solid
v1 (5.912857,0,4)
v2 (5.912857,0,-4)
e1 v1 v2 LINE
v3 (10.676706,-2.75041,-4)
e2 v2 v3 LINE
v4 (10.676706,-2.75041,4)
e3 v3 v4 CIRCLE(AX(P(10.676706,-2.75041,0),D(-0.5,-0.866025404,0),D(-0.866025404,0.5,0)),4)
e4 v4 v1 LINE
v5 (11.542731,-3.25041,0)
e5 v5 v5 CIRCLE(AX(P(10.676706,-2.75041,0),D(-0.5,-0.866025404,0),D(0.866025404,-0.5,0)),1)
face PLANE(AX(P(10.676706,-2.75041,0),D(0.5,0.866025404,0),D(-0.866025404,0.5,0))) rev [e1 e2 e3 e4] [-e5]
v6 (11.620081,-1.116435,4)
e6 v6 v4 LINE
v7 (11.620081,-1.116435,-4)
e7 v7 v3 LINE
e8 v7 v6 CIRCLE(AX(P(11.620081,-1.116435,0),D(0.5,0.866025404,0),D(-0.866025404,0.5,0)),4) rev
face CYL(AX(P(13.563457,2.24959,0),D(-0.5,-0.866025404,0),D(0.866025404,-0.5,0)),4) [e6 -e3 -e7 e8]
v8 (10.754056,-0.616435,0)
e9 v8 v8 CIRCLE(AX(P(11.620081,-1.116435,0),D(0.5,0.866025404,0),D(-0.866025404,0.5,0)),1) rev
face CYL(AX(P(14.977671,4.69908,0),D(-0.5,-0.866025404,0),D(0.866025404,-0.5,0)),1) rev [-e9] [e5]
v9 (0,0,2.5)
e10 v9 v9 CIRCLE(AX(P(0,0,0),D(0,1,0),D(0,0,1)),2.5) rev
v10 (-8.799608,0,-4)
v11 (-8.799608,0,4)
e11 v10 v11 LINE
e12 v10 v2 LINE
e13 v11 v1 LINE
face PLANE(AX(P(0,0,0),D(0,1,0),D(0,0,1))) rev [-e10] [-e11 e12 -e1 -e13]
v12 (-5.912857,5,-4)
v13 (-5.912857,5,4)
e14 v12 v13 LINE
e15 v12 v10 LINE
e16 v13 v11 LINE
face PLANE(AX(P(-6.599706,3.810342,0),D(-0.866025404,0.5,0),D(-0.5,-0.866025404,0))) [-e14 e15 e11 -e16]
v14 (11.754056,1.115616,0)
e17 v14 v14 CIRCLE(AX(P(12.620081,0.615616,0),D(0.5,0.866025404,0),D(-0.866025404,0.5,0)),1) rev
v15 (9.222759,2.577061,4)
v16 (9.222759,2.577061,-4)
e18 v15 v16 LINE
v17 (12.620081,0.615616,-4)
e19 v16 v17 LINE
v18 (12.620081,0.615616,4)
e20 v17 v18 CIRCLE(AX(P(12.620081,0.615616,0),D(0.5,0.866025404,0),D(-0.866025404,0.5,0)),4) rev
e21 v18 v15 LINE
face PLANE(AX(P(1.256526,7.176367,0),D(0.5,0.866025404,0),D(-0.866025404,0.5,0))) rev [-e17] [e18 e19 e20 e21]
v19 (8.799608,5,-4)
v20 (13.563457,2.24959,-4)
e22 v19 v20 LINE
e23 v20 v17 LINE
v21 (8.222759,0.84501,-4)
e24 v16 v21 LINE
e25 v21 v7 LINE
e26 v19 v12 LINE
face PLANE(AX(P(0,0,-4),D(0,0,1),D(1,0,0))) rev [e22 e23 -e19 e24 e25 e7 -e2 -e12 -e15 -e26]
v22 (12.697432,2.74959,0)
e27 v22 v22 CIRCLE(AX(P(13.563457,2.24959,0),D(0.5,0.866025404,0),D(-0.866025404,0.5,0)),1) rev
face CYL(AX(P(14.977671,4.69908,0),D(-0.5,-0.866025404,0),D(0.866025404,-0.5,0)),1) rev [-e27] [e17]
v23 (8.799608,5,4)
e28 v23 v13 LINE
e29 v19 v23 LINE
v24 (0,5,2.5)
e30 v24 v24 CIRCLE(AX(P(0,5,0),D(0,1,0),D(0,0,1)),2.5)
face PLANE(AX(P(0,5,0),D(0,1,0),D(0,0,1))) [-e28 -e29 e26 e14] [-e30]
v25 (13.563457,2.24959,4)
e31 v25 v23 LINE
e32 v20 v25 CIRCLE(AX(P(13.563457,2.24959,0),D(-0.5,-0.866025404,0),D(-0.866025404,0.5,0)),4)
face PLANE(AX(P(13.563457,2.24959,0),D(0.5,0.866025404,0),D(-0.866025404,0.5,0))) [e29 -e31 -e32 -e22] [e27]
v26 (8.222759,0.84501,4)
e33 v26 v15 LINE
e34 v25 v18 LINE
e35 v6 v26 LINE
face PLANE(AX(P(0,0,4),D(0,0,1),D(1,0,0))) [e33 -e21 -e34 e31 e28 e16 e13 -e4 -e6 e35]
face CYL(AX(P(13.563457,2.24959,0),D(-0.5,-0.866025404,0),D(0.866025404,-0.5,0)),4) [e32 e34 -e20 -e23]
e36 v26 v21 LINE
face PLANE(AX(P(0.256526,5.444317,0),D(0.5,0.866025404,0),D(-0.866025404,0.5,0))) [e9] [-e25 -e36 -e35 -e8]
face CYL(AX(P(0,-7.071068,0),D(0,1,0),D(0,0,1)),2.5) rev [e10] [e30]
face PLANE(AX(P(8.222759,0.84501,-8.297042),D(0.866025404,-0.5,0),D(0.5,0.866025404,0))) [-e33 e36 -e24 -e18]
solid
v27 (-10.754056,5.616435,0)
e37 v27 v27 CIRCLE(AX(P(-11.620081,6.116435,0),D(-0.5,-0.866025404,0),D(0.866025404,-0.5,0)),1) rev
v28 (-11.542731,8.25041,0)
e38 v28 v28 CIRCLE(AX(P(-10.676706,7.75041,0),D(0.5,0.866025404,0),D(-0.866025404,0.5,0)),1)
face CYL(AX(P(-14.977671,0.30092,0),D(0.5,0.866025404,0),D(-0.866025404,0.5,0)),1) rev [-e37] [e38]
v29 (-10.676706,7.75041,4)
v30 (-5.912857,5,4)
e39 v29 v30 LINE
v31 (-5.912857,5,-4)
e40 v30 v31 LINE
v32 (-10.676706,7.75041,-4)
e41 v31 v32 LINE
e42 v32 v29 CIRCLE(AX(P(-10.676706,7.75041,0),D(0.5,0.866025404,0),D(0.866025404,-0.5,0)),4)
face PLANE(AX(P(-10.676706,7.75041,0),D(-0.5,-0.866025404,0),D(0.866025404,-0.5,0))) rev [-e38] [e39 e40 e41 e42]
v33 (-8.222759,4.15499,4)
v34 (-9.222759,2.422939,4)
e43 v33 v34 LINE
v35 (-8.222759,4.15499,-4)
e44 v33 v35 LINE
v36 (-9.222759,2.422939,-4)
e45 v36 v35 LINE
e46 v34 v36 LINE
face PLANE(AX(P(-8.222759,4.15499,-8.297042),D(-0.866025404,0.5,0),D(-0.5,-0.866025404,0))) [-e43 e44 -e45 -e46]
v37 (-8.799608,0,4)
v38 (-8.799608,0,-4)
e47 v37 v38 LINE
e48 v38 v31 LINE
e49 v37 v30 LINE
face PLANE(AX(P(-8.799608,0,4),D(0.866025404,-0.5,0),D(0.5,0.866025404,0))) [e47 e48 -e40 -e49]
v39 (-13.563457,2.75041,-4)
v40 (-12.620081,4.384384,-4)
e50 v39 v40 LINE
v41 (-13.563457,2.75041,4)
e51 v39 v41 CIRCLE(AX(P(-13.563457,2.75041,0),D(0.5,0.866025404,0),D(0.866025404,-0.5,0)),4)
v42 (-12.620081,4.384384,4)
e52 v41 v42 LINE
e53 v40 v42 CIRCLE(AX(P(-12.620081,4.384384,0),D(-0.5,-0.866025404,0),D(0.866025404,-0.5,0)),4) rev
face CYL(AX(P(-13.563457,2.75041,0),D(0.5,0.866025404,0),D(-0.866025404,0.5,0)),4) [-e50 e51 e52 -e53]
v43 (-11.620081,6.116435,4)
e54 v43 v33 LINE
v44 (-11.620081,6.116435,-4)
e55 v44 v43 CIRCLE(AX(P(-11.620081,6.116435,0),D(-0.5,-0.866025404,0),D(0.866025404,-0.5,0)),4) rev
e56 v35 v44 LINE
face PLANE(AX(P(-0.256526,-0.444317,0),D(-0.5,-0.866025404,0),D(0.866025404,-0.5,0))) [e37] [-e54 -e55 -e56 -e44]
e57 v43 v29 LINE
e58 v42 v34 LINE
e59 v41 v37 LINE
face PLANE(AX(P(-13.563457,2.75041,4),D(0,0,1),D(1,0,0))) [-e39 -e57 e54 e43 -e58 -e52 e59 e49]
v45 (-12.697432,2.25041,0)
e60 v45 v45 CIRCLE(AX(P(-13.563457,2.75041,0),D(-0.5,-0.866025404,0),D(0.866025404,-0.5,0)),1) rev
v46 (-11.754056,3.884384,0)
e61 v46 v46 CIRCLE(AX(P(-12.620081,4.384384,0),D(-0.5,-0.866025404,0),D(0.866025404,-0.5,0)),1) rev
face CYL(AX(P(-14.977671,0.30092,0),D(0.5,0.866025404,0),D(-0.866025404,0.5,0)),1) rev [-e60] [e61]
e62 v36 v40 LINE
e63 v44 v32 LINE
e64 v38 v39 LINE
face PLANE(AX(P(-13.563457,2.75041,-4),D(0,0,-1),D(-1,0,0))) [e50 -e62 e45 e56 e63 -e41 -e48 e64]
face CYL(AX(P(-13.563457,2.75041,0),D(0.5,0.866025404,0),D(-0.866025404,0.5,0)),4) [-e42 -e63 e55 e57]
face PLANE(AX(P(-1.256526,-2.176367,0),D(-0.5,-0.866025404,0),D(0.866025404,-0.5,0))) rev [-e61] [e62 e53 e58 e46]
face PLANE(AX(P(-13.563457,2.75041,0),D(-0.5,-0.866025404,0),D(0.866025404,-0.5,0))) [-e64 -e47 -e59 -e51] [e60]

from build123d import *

# Parameters (mm, degrees)
SKETCH_2_R               = 6
EXTRUDE_1_DEPTH          = 5
SKETCH_3_R               = 2.5
CUT_EXTRUDE_1_DEPTH      = 5
SKETCH_4_W               = 5.729511979
SKETCH_4_H               = 5
EXTRUDE_2_DEPTH          = 4
SKETCH_5_W               = 17.690730237
SKETCH_5_H               = 11.693817156
CUT_EXTRUDE_3_DEPTH      = 4.5
EXTRUDE_3_DEPTH          = 5.773503
SKETCH_7_R               = 1
CUT_EXTRUDE_4_DEPTH      = 5.773503
SKETCH_9_W               = 22.757935056
SKETCH_9_H               = 15.650140619
CUT_EXTRUDE_5_DEPTH      = 1
PATTERN_CIRCULAR_3_COUNT = 2
PATTERN_CIRCULAR_4_COUNT = 2
SKETCH_10_W              = 9.588589767
SKETCH_10_H              = 4.25680111
SKETCH_10_W_2            = 8.94427191
SKETCH_10_H_2            = 4.682372666
CUT_EXTRUDE_6_DEPTH      = 10


with BuildPart() as part:
    # 草图2 → 凸台-拉伸1 (new body)
    with BuildSketch(Plane(origin=(0, 0, 0), x_dir=(1, 0, 0), z_dir=(0, 1, 0))):
        Circle(SKETCH_2_R)
    extrude(amount=EXTRUDE_1_DEPTH)

    # 草图3 → 切除-拉伸1 (cut)
    with BuildSketch(Plane(origin=(0, 5, 0), x_dir=(1, 0, 0), z_dir=(0, 1, 0))):
        Circle(SKETCH_3_R)
    extrude(amount=-CUT_EXTRUDE_1_DEPTH, mode=Mode.SUBTRACT)

    # 草图4 → 凸台-拉伸2 (add, symmetric)
    with BuildSketch(Plane.XY):
        with Locations((-5.934851886, 2.5)):
            Rectangle(SKETCH_4_W, SKETCH_4_H)
    extrude_2 = extrude(amount=EXTRUDE_2_DEPTH, both=True)

    # 草图5 → 切除-拉伸3 (cut)
    with BuildSketch(Plane(origin=(-6.599705906, 3.810341982, 0), x_dir=(0, 0, 1), z_dir=(0.866025404, -0.5, 0))):
        with Locations((1.152187915, 2.412038691)):
            Rectangle(SKETCH_5_W, SKETCH_5_H)
    cut_extrude_3 = extrude(amount=-CUT_EXTRUDE_3_DEPTH, mode=Mode.SUBTRACT)

    # 镜向1: 凸台-拉伸2 across plane
    add(extrude_2.mirror(Plane(origin=(0, 0, 0), x_dir=(0, 0, 1), z_dir=(1, 0, 0))))

    # 阵列(圆周)3: 切除-拉伸3 ×2 about axis
    pattern_circular_3_axis = Axis((0, 2.5, -6.6), (0, 0, 1))
    for i in range(1, PATTERN_CIRCULAR_3_COUNT):
        add(cut_extrude_3.rotate(pattern_circular_3_axis, i * 360 / PATTERN_CIRCULAR_3_COUNT), mode=Mode.SUBTRACT)


with BuildPart() as body_2:
    # 草图6 → 凸台-拉伸3 (new body)
    with BuildSketch(Plane(origin=(0.686849377, 1.189658018, 0), x_dir=(0, 0, 1), z_dir=(0.5, 0.866025404, 0))):
        with BuildLine():
            Line((-4, -13.121503046), (-4, -7.620683963))
            Line((-4, -7.620683963), (4, -7.620683963))
            Line((4, -7.620683963), (4, -13.121503046))
            ThreePointArc((4, -13.121503046), (0, -17.121503046), (-4, -13.121503046))
        make_face()
    extrude_3 = extrude(amount=-EXTRUDE_3_DEPTH)

    # 草图7 → 切除-拉伸4 (cut)
    with BuildSketch(Plane(origin=(0.686849377, 1.189658018, 0), x_dir=(0.866025404, -0.5, 0), z_dir=(0.5, 0.866025404, 0))):
        with Locations((-13.121503046, 0)):
            Circle(SKETCH_7_R)
    cut_extrude_4 = extrude(amount=-CUT_EXTRUDE_4_DEPTH, mode=Mode.SUBTRACT)

    # 草图9 → 切除-拉伸5 (cut, symmetric)
    with BuildSketch(Plane(origin=(-0.756526296, -1.310341982, 0), x_dir=(0.866025404, -0.5, 0), z_dir=(0.5, 0.866025404, 0))):
        with Locations((-20.577581029, 0.471972115)):
            Rectangle(SKETCH_9_W, SKETCH_9_H)
    cut_extrude_5 = extrude(amount=CUT_EXTRUDE_5_DEPTH, both=True, mode=Mode.SUBTRACT)


with BuildPart() as part_1:
    add(part.part)

    # 阵列(圆周)4: 凸台-拉伸3, 切除-拉伸4, 切除-拉伸5 ×2 about axis
    pattern_circular_4_axis = Axis((0, 2.5, 0), (0, 0, 1))
    for i in range(1, PATTERN_CIRCULAR_4_COUNT):
        add(extrude_3.rotate(pattern_circular_4_axis, i * 360 / PATTERN_CIRCULAR_4_COUNT))
        add(cut_extrude_4.rotate(pattern_circular_4_axis, i * 360 / PATTERN_CIRCULAR_4_COUNT), mode=Mode.SUBTRACT)
        add(cut_extrude_5.rotate(pattern_circular_4_axis, i * 360 / PATTERN_CIRCULAR_4_COUNT), mode=Mode.SUBTRACT)

    # 草图10 → 切除-拉伸6 (cut)
    with BuildSketch(Plane(origin=(0, 5, 0), x_dir=(1, 0, 0), z_dir=(0, 1, 0))):
        with Locations((-0.322158928, -6.128400555)):
            Rectangle(SKETCH_10_W, SKETCH_10_H)
        with Locations((0, 6.341186333)):
            Rectangle(SKETCH_10_W_2, SKETCH_10_H_2)
    extrude(amount=-CUT_EXTRUDE_6_DEPTH, mode=Mode.SUBTRACT)


solid = Compound([body_2.part, part_1.part])
